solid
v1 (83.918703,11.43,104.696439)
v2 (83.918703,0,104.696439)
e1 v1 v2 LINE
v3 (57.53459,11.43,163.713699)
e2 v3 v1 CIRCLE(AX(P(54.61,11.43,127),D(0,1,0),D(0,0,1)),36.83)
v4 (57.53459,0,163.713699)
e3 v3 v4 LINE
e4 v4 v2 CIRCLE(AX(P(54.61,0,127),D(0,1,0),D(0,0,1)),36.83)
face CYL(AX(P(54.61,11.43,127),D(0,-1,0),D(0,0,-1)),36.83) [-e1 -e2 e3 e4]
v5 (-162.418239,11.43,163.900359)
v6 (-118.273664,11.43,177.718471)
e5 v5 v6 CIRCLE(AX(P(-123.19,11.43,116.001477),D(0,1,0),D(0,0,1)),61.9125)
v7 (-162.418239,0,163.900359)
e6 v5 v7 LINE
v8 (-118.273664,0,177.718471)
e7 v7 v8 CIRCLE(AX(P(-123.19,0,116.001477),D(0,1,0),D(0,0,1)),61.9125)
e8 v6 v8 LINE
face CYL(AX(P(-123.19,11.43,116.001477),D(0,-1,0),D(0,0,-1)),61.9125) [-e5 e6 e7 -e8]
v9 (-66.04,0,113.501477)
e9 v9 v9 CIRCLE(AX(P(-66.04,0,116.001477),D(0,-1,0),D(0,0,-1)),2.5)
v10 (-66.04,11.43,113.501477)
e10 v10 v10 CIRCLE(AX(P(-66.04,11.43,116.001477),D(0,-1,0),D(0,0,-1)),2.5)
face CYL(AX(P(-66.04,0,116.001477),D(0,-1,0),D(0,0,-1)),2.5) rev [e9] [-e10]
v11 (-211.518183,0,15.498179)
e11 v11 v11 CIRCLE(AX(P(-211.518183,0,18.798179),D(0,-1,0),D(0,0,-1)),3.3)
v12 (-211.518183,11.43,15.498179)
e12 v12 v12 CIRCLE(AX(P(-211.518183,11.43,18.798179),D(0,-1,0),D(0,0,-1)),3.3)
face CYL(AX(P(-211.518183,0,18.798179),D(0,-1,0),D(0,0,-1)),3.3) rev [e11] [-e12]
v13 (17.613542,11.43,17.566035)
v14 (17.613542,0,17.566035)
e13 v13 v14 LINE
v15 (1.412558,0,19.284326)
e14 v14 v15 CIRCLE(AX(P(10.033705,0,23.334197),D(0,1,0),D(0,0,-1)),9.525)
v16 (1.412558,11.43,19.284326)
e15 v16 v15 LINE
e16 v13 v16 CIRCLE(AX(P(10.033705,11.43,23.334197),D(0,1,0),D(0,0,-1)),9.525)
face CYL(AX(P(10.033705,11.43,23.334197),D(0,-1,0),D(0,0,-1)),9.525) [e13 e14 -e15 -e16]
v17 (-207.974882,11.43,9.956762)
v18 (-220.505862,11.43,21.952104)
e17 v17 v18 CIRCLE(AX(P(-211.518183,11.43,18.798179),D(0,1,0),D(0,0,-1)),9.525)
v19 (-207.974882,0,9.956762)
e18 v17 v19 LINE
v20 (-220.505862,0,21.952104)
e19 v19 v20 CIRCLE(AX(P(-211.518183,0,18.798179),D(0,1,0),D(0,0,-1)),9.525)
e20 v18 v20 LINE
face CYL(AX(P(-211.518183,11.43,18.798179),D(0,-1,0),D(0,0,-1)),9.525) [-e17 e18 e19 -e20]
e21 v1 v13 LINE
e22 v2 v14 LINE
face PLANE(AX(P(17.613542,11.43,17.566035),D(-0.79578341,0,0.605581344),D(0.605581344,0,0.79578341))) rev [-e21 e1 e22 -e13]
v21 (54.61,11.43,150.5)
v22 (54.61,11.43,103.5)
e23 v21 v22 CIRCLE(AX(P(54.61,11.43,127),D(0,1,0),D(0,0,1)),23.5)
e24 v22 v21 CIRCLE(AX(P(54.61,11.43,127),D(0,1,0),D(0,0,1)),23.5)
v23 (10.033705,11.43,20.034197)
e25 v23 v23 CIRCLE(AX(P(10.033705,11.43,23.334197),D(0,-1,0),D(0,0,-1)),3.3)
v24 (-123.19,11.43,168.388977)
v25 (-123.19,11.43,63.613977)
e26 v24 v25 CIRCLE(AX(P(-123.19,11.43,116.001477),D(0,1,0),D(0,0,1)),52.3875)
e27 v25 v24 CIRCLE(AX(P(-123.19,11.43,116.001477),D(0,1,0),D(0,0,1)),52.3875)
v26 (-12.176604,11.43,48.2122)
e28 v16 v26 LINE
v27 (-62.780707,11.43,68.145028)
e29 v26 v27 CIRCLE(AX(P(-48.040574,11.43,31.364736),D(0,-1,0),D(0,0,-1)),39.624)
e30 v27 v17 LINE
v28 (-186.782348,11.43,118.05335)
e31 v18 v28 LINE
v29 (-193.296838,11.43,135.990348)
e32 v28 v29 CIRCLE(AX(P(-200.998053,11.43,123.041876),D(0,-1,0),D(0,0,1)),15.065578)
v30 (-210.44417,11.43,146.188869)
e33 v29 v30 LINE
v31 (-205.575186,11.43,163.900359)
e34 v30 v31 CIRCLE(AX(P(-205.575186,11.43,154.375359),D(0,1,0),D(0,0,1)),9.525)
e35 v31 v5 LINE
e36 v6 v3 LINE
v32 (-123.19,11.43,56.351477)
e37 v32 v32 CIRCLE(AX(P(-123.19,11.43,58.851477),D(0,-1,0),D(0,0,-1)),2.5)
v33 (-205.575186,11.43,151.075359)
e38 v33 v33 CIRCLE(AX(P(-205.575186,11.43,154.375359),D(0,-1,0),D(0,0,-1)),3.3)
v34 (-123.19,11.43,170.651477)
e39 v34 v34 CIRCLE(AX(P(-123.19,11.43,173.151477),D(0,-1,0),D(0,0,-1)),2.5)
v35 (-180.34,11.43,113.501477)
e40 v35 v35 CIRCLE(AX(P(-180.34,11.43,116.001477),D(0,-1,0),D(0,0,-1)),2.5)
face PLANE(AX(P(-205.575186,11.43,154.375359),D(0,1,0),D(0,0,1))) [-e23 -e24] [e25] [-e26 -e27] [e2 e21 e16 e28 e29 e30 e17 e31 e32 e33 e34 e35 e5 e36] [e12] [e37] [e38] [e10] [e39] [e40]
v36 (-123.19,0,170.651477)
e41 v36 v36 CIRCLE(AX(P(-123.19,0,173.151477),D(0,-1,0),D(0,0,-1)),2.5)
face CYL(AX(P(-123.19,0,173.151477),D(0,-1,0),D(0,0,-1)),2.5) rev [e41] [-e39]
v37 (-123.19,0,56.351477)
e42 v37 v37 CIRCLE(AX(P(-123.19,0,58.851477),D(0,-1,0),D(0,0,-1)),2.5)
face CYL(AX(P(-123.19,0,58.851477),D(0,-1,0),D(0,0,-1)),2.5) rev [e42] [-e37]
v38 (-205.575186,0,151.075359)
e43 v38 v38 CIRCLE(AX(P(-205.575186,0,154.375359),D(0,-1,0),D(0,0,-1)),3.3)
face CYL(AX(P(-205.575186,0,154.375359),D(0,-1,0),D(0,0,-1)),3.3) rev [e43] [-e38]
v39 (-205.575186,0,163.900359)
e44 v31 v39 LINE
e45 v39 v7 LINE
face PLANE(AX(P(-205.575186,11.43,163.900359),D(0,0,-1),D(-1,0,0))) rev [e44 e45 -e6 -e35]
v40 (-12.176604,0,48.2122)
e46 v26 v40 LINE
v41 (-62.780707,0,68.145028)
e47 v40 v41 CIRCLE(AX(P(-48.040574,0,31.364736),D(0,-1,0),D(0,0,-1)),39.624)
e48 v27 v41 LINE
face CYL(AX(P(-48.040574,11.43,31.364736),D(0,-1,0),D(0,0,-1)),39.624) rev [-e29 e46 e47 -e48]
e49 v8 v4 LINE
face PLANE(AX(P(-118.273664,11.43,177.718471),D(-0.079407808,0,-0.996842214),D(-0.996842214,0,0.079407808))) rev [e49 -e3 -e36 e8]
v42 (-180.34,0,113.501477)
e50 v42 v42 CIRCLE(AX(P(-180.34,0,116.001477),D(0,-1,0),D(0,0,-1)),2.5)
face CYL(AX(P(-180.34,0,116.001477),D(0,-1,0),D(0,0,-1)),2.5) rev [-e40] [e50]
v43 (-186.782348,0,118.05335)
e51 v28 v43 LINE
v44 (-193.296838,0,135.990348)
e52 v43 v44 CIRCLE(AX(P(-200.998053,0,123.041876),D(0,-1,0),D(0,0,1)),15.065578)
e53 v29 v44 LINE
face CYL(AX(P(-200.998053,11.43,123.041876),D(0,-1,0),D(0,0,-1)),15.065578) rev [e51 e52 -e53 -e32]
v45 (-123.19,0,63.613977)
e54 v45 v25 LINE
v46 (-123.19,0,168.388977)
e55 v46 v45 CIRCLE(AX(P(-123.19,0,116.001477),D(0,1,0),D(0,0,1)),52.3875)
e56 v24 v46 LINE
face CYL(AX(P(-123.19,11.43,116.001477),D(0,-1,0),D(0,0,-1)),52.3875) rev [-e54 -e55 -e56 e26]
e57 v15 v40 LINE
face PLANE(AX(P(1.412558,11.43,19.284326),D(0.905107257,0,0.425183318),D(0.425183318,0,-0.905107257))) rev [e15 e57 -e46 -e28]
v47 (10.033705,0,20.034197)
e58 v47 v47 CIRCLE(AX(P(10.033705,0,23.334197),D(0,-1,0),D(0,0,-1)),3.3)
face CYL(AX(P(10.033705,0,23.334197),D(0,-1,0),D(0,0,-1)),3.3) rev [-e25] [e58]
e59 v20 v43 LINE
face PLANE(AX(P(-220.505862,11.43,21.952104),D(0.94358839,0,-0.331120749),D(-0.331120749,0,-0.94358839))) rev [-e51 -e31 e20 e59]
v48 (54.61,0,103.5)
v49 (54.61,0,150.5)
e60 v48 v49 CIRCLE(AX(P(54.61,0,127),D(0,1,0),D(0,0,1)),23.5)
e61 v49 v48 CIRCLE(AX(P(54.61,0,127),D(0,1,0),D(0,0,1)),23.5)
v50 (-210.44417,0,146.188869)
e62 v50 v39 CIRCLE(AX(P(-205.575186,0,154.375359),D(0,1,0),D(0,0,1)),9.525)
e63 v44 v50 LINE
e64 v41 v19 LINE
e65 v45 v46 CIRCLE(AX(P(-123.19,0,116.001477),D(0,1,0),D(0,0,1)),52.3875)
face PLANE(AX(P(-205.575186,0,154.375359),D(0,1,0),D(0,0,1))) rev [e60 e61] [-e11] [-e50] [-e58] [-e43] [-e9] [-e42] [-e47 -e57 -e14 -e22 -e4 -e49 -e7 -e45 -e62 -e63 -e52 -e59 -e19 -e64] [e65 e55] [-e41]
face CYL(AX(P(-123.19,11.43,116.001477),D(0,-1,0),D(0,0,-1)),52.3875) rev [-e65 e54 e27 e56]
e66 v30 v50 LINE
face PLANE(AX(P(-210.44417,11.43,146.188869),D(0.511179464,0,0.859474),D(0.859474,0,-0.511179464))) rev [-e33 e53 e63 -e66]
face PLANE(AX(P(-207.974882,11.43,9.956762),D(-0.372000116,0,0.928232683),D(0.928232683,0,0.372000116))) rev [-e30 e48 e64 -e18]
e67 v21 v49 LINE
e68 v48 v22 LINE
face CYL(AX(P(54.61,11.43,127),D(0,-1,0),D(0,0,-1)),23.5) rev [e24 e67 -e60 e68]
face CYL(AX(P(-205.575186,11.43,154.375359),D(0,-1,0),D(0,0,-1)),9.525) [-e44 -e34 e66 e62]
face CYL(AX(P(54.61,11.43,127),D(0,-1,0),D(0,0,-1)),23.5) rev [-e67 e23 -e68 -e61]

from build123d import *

# Parameters (mm, degrees)
SKETCH1_R             = 52.3875
SKETCH1_R_2           = 23.5
BOSS_EXTRUDE1_DEPTH   = 11.43
M6_CLEARANCE_HOLE1_D  = 6.6
F_5_0MM_DOWEL_HOLE1_D = 5
CIRPATTERN1_COUNT     = 4


with BuildPart() as part:
    # Sketch1 → Boss-Extrude1 (new body)
    with BuildSketch(Plane(origin=(0, 0, 0), x_dir=(1, 0, 0), z_dir=(0, 1, 0))):
        with BuildLine():
            Line((-205.575185514, -163.900359311), (-162.418239385, -163.900359311))
            ThreePointArc((-162.418239385, -163.900359311), (-141.68491097, -175.086974107), (-118.273664056, -177.718470957))
            Line((-118.273664056, -177.718470957), (57.534589587, -163.713698748))
            ThreePointArc((57.534589587, -163.713698748), (88.232990974, -142.03141304), (83.918702981, -104.696439083))
            Line((83.918702981, -104.696439083), (17.613541845, -17.566035058))
            ThreePointArc((17.613541845, -17.566035058), (9.029109122, -13.862322556), (1.412558245, -19.284326264))
            Line((1.412558245, -19.284326264), (-12.176603989, -48.212200061))
            ThreePointArc((-12.176603989, -48.212200061), (-33.518744337, -68.231765471), (-62.780706514, -68.14502812))
            Line((-62.780706514, -68.14502812), (-207.974881785, -9.956762437))
            ThreePointArc((-207.974881785, -9.956762437), (-218.104712161, -11.917535088), (-220.5058623, -21.95210388))
            Line((-220.5058623, -21.95210388), (-186.782347933, -118.053350031))
            ThreePointArc((-186.782347933, -118.053350031), (-186.837480234, -128.184816063), (-193.296838451, -135.990348392))
            Line((-193.296838451, -135.990348392), (-210.444169906, -146.188869465))
            ThreePointArc((-210.444169906, -146.188869465), (-214.759463951, -156.900167147), (-205.575185514, -163.900359311))
        make_face()
        with Locations(Location((-123.19, -116.001477372, 0), (0, 0, 270))):
            Circle(SKETCH1_R, mode=Mode.SUBTRACT)
        with Locations(Location((54.61, -127, 0), (0, 0, 270))):
            Circle(SKETCH1_R_2, mode=Mode.SUBTRACT)
    extrude(amount=BOSS_EXTRUDE1_DEPTH)

    # M6 Clearance Hole1 (through all)
    with Locations(Plane(origin=(0, 0, 0), x_dir=(-1, 0, 0), z_dir=(0, -1, 0))):
        with Locations((-10.033704867, -23.334197365), (211.518182886, -18.798178744), (205.575185514, -154.375359311)):
            Hole(M6_CLEARANCE_HOLE1_D / 2)

    # Ø5.0mm Dowel Hole1 (through all)
    with Locations(Plane(origin=(0, 0, 0), x_dir=(-1, 0, 0), z_dir=(0, -1, 0))):
        with Locations((123.19, -173.151477372)):
            f_5_0mm_dowel_hole1 = Hole(F_5_0MM_DOWEL_HOLE1_D / 2)

    # CirPattern1: Ø5.0mm Dowel Hole1 ×4 about axis
    cirpattern1_axis = Axis((-123.19, 0, 116.001477372), (0, 1, 0))
    for i in range(1, CIRPATTERN1_COUNT):
        add(f_5_0mm_dowel_hole1.rotate(cirpattern1_axis, i * 360 / CIRPATTERN1_COUNT), mode=Mode.SUBTRACT)


solid = part.part
